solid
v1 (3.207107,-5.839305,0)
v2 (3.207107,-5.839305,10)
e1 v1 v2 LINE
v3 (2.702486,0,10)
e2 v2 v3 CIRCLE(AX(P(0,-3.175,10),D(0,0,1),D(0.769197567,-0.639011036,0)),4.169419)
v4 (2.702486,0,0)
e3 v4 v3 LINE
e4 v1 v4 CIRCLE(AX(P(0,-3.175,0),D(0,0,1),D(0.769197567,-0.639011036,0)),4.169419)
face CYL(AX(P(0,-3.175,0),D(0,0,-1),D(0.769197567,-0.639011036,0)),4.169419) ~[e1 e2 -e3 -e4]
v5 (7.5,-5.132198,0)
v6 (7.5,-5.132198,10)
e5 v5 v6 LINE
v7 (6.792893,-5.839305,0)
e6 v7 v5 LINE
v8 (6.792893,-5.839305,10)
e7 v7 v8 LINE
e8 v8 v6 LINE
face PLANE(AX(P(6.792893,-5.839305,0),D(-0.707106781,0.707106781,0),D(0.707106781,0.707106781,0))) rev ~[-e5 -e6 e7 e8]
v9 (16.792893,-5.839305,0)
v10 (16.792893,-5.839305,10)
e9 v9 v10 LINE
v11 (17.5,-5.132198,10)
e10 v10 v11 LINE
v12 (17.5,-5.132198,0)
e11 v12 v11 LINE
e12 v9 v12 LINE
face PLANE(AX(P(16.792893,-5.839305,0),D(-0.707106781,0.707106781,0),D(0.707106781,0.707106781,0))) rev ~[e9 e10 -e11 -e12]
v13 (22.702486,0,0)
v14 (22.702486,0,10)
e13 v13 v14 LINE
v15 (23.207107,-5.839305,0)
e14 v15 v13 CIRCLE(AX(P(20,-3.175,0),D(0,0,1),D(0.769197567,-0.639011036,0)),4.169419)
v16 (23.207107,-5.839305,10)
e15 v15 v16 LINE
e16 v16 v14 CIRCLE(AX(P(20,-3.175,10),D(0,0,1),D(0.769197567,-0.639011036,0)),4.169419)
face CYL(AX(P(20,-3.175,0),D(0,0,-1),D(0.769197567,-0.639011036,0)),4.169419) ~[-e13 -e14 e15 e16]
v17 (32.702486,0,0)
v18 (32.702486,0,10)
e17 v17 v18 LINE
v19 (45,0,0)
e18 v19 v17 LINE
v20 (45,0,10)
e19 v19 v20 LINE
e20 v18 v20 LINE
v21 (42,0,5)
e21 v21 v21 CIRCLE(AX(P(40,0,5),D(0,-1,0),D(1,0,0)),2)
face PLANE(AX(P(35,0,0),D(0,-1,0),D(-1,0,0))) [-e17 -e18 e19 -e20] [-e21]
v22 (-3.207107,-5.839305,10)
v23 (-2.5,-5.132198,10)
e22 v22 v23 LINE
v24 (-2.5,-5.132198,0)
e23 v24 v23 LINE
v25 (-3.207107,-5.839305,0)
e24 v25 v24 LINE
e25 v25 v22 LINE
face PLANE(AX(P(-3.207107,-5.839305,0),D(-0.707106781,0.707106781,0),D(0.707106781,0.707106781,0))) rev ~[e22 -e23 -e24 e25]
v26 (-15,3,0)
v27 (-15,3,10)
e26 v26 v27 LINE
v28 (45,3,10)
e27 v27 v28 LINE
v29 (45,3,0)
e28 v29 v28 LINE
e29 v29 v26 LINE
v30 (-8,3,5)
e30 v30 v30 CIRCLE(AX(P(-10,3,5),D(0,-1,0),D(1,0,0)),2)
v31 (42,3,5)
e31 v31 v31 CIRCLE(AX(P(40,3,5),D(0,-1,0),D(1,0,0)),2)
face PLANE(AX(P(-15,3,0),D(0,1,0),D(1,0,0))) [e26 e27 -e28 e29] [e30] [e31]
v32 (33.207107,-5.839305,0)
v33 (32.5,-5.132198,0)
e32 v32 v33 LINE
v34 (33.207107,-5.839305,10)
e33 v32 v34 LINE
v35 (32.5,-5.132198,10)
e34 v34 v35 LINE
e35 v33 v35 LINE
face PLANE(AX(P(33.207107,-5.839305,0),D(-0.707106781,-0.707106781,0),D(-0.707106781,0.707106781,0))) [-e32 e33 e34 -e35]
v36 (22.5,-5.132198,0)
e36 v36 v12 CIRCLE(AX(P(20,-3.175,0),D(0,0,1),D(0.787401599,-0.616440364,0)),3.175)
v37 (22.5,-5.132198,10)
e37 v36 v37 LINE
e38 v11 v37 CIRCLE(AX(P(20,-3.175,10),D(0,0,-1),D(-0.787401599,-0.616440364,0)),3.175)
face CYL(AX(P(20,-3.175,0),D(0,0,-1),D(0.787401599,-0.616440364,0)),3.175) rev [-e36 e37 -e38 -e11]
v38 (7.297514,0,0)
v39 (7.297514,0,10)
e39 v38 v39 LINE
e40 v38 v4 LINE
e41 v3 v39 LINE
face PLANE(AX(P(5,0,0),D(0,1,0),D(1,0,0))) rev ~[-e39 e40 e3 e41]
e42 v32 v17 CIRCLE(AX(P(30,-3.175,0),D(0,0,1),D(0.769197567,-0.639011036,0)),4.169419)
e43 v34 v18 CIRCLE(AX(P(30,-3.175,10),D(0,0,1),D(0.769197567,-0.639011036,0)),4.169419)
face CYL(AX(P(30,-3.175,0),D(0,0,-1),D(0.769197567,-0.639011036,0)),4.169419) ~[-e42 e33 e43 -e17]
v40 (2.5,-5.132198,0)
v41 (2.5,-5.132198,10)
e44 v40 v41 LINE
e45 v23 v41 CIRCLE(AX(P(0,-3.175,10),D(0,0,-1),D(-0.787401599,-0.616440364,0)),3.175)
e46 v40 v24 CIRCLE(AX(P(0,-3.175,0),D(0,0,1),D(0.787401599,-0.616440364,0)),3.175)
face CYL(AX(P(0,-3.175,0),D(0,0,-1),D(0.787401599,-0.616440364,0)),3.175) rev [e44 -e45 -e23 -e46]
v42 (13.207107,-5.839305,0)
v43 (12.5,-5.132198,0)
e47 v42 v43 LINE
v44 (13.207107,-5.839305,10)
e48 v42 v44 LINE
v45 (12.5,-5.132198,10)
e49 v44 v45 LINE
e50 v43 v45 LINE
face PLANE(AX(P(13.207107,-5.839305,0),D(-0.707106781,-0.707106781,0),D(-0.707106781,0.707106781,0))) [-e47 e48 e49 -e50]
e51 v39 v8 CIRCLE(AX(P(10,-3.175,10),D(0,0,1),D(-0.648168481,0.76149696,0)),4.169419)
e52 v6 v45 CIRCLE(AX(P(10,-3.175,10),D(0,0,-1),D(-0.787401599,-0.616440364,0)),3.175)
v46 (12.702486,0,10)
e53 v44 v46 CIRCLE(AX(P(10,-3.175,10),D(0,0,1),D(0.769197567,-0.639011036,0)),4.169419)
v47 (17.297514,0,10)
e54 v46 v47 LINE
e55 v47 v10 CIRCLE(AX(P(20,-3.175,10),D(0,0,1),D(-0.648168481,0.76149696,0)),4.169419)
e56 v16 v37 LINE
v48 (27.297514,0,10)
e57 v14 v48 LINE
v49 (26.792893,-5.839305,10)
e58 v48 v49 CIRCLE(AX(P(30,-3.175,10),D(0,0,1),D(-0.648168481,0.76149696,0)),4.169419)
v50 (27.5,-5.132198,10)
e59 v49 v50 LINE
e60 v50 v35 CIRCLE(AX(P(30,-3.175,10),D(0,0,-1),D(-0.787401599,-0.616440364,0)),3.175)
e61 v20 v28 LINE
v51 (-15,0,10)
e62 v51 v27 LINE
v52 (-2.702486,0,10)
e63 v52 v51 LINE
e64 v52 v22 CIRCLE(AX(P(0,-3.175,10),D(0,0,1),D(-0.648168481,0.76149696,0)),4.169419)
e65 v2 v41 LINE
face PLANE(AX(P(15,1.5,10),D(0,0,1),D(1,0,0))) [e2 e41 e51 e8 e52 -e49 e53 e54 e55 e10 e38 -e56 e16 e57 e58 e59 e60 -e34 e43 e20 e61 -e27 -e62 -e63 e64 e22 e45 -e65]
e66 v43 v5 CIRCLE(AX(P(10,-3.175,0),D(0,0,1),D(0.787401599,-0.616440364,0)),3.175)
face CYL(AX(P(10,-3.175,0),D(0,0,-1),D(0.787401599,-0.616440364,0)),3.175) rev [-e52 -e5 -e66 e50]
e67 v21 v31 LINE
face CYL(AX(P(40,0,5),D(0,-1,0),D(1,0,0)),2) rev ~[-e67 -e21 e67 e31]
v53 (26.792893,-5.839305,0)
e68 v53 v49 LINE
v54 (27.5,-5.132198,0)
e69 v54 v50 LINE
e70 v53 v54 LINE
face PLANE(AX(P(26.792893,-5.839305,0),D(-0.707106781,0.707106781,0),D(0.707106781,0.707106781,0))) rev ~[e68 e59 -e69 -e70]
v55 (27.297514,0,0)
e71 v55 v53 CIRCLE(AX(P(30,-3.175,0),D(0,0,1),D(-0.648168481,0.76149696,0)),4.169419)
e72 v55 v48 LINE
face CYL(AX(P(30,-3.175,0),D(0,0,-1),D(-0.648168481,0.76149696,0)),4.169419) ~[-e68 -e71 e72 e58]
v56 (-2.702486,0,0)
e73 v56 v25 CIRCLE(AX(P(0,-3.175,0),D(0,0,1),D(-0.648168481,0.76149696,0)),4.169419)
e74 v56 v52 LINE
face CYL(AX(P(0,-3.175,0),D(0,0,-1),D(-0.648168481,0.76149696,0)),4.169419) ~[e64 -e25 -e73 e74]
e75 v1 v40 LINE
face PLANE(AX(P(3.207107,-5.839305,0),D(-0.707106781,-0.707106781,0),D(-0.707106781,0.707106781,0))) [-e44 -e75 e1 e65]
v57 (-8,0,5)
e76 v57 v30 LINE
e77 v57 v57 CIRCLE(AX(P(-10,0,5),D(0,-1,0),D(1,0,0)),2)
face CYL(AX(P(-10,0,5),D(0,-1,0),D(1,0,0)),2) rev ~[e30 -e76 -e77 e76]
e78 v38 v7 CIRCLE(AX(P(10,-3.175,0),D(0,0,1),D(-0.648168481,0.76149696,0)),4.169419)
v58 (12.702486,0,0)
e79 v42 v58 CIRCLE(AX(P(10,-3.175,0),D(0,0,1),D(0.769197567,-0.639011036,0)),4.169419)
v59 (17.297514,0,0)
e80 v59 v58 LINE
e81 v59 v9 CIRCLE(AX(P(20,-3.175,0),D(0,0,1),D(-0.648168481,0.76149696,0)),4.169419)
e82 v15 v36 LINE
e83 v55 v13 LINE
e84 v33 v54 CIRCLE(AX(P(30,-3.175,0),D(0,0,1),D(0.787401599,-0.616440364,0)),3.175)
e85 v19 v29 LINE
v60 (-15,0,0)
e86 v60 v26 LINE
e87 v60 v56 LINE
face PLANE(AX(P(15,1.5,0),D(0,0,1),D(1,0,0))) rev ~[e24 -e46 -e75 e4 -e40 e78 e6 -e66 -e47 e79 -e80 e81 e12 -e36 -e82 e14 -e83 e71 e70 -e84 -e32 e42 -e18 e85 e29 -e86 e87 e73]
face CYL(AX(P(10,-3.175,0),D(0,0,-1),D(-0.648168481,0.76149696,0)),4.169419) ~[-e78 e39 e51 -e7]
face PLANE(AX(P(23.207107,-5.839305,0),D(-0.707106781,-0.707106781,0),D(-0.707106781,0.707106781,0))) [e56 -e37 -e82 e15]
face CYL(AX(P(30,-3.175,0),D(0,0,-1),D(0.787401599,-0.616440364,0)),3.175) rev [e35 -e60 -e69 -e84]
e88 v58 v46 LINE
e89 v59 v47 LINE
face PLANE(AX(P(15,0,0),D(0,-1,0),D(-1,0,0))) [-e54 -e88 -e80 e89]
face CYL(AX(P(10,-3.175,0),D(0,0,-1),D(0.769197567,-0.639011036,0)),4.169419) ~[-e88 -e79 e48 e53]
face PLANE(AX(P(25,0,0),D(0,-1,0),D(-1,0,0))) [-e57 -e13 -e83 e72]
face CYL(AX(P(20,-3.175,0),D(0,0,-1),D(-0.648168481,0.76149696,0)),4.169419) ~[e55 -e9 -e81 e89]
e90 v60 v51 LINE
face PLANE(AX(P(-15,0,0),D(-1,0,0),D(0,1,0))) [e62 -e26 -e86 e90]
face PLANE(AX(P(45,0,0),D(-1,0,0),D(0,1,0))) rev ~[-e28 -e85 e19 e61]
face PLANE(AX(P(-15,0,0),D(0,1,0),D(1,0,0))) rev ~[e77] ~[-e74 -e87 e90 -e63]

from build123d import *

# Parameters (mm, degrees)
PAD_DEPTH           = 10
LINEARPATTERN_COUNT = 4
LINEARPATTERN_PITCH = 10
SKETCH001_W         = 60
SKETCH001_H         = 3
PAD001_DEPTH        = 10
SKETCH002_R         = 2
POCKET_DEPTH        = 3


with BuildPart() as part:
    # Sketch → Pad (new body)
    with BuildSketch(Plane.XY):
        with BuildLine():
            Line((-5, 3), (5, 3))
            Line((5, 3), (5, 0))
            Line((5, 0), (2.702486, 0))
            ThreePointArc((3.207107, -5.839305), (4.153937, -2.816025), (2.702486, 0))
            Line((3.207107, -5.839305), (2.5, -5.132198))
            ThreePointArc((2.5, -5.132198), (0, 0), (-2.5, -5.132198))
            Line((-3.207107, -5.839305), (-2.5, -5.132198))
            ThreePointArc((-2.702486, 0), (-4.153937, -2.816025), (-3.207107, -5.839305))
            Line((-5, 0), (-2.702486, 0))
            Line((-5, 3), (-5, 0))
        make_face()
    pad = extrude(amount=PAD_DEPTH)

    # LinearPattern: Pad ×4
    with Locations(*[(i * LINEARPATTERN_PITCH, 0, 0) for i in range(1, LINEARPATTERN_COUNT)]):
        add(pad)

    # Sketch001 → Pad001 (join)
    with BuildSketch(Plane.XY):
        with Locations((15, 1.5)):
            Rectangle(SKETCH001_W, SKETCH001_H)
    extrude(amount=PAD001_DEPTH)

    # Sketch002 → Pocket (cut)
    with BuildSketch(Plane.XZ):
        with Locations((-10, 5)):
            Circle(SKETCH002_R)
        with Locations((40, 5)):
            Circle(SKETCH002_R)
    extrude(amount=-POCKET_DEPTH, mode=Mode.SUBTRACT)


solid = part.part
